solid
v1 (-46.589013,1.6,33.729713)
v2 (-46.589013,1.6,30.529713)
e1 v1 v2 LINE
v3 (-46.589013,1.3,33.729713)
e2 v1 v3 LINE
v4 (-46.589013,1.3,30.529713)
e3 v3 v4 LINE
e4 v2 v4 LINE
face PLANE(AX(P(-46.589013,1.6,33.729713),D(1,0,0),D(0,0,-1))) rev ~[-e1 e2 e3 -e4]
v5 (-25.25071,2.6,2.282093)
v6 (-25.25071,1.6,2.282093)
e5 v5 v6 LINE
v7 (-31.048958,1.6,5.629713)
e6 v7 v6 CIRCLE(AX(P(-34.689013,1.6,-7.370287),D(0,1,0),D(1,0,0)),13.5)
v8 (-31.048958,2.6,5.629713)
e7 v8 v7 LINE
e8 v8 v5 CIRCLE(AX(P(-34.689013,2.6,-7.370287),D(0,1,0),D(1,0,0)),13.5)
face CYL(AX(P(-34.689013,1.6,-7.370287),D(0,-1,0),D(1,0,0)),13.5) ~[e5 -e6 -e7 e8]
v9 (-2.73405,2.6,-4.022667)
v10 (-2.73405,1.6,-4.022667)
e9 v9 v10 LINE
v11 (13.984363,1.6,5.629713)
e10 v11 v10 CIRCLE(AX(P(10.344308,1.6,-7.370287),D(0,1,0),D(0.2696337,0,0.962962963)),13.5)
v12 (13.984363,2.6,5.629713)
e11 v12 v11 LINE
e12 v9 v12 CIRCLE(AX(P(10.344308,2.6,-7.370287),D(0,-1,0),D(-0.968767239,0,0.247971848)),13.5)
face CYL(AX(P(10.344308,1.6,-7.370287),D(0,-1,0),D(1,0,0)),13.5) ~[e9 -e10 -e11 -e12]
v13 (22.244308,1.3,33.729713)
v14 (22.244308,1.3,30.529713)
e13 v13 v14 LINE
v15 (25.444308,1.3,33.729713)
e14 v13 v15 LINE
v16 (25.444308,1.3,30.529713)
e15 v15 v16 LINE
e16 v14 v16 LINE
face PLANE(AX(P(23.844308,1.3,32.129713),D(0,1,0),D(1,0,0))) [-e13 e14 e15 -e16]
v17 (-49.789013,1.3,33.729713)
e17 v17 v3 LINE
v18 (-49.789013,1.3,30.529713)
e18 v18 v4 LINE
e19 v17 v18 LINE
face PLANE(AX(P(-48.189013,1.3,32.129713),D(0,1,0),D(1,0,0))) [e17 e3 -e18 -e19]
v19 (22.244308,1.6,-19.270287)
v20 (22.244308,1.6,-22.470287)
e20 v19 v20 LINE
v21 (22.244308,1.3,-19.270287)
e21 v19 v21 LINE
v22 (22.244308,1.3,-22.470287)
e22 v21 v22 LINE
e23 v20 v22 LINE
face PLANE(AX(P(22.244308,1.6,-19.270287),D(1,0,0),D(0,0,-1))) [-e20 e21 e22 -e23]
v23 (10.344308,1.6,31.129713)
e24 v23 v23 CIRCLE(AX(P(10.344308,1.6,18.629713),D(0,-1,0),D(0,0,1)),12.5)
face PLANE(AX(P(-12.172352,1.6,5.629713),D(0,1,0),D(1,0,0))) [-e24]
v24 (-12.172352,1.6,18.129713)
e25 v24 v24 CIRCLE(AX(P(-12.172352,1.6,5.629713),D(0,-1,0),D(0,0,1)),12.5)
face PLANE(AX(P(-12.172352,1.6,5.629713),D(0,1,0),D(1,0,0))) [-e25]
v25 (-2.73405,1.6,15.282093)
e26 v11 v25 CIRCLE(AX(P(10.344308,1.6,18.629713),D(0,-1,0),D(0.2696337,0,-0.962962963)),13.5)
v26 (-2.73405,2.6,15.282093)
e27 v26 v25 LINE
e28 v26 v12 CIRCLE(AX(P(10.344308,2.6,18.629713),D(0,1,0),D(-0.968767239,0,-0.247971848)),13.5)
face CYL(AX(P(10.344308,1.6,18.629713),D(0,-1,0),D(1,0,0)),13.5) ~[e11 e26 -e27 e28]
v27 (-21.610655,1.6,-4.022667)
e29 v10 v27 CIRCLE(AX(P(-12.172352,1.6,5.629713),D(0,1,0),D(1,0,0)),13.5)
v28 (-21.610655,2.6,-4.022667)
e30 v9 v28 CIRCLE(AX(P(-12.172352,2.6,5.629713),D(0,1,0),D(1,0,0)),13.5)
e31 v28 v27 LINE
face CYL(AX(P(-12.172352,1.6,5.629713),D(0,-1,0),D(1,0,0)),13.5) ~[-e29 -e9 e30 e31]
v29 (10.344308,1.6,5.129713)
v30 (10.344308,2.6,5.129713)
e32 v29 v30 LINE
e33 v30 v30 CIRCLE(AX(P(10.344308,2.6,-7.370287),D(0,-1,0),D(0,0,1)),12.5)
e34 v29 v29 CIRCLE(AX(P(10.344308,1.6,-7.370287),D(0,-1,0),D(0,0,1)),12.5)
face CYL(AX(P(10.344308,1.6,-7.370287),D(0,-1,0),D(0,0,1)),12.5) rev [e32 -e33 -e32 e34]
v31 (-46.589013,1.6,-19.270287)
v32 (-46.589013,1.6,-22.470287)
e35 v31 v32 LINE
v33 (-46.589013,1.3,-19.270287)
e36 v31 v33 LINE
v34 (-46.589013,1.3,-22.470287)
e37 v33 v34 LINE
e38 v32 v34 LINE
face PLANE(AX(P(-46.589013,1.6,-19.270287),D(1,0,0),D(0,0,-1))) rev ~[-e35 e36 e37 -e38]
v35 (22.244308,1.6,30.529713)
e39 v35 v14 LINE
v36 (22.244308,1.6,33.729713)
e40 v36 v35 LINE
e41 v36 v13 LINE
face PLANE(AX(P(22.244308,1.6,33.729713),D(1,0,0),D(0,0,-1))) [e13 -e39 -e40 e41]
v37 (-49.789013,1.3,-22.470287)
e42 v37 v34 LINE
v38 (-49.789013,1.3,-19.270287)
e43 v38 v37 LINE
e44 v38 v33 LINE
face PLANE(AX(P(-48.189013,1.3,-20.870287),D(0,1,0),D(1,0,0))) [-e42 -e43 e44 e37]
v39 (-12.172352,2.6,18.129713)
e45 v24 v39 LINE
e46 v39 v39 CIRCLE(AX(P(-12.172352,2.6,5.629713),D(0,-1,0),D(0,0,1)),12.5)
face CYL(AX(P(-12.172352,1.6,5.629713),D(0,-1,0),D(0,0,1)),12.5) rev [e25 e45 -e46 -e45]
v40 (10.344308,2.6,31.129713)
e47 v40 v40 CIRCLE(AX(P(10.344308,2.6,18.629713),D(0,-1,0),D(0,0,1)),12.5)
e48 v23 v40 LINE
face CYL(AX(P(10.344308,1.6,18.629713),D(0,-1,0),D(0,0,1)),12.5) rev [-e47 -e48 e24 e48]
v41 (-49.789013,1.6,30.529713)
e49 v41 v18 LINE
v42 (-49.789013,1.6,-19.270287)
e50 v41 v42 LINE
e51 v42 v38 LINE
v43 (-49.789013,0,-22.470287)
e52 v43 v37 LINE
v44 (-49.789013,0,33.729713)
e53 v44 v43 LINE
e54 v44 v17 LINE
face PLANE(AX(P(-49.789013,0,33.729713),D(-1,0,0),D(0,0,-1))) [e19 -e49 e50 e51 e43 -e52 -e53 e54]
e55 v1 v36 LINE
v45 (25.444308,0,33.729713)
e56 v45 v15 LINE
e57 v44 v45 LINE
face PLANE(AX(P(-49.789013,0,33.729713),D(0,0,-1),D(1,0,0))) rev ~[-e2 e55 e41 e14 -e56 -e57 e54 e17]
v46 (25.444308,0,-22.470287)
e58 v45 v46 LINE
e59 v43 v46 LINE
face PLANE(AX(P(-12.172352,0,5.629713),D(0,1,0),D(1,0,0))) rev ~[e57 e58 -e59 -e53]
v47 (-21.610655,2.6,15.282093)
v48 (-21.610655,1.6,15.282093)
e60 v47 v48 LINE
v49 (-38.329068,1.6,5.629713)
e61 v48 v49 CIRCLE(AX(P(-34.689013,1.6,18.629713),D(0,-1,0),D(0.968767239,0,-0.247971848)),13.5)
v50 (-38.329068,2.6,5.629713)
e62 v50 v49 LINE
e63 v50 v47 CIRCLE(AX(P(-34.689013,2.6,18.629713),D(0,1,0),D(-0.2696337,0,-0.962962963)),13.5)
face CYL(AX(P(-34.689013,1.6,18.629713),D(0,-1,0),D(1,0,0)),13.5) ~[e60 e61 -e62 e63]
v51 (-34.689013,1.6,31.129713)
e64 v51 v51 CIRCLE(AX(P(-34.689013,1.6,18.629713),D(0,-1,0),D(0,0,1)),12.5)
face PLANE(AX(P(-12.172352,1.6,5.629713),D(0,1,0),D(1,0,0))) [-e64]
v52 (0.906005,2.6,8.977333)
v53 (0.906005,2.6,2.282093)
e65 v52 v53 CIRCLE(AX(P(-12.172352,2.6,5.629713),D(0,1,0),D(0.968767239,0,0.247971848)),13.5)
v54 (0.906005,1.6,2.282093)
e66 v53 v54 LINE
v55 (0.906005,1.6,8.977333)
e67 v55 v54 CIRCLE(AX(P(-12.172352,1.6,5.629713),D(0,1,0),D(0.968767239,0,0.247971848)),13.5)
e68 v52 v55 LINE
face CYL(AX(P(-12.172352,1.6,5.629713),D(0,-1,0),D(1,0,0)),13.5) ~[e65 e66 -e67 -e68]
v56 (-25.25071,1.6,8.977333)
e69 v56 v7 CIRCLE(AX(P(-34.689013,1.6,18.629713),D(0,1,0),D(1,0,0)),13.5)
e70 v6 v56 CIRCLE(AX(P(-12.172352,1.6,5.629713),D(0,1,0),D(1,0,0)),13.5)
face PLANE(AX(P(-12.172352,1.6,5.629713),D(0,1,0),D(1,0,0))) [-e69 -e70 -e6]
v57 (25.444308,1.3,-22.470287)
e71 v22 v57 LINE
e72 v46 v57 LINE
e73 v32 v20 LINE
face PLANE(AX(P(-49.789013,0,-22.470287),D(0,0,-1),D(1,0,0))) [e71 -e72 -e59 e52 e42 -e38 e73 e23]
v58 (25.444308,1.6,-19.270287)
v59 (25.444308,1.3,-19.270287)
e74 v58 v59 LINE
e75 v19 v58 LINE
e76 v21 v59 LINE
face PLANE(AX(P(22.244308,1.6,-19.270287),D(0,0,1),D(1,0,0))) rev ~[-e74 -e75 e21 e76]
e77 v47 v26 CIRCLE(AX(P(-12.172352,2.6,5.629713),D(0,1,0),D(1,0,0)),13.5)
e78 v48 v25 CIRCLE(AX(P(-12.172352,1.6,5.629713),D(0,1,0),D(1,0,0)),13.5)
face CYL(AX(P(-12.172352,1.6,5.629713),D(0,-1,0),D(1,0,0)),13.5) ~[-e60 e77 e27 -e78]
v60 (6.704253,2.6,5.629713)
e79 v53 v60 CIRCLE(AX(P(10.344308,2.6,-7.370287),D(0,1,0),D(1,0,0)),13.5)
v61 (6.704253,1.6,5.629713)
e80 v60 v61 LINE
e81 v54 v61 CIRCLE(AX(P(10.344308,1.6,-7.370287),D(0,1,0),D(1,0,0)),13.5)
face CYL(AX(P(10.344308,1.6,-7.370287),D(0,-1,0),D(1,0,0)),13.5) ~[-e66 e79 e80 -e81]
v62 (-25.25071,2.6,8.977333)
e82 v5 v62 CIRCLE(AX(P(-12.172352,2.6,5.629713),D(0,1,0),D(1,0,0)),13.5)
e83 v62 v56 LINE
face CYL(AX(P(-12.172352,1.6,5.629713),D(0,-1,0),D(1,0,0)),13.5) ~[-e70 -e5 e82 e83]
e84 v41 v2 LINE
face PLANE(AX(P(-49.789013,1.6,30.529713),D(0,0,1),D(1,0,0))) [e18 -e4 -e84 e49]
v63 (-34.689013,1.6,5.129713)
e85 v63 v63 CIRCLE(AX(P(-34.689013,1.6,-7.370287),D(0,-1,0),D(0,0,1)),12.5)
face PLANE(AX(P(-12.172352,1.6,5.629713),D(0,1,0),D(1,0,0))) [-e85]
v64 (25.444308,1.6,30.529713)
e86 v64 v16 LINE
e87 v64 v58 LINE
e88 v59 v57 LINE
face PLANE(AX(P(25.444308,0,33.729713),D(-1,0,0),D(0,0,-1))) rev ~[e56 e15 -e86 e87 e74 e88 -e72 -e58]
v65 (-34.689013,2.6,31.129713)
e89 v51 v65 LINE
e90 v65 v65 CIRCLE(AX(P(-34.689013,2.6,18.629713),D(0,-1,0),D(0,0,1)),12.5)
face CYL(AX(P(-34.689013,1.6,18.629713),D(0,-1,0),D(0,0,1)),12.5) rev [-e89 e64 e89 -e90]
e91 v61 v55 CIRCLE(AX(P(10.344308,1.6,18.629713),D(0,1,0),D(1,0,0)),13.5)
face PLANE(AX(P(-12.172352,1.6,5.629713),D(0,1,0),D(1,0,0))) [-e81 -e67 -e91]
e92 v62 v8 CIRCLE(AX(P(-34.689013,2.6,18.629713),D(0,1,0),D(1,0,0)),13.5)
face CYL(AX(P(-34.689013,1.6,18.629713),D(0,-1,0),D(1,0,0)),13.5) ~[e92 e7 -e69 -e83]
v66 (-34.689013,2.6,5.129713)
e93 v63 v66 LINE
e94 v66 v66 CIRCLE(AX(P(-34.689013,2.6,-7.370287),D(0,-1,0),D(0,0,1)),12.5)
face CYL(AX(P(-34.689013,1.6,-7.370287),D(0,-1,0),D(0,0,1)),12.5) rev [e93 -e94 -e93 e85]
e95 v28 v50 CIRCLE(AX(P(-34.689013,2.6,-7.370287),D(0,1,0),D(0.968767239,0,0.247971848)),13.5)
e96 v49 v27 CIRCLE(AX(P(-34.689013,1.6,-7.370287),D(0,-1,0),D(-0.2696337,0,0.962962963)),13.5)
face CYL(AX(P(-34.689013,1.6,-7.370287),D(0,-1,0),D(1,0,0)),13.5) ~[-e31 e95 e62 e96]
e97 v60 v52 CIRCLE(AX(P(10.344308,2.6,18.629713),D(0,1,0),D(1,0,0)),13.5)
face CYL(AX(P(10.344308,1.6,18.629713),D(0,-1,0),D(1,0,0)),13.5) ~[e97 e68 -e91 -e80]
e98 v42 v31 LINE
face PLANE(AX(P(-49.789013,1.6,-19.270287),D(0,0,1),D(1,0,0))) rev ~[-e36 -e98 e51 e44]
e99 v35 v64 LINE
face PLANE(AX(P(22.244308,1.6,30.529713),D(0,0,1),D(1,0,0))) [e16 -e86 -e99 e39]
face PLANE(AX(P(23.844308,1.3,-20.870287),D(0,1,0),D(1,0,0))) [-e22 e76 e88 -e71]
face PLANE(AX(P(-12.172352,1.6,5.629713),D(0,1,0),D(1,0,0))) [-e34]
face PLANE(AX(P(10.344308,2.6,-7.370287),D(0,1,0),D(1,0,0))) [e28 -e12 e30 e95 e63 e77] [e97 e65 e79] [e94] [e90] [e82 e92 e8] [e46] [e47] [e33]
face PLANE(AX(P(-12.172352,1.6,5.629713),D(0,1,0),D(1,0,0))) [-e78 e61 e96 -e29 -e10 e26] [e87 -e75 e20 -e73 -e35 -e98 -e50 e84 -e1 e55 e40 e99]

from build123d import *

# Parameters (mm, degrees)
SKETCH1_W           = 75.233320997
SKETCH1_H           = 56.2
BOSS_EXTRUDE1_DEPTH = 1.6
SKETCH2_R           = 13.5
SKETCH2_R_2         = 12.5
BOSS_EXTRUDE2_DEPTH = 1
SKETCH3_W           = 3.2
SKETCH3_H           = 3.2
CUT_EXTRUDE1_DEPTH  = 0.3


with BuildPart() as part:
    # Sketch1 → Boss-Extrude1 (new body)
    with BuildSketch(Plane(origin=(0, 0, 0), x_dir=(1, 0, 0), z_dir=(0, 1, 0))):
        with Locations((-12.172352394, -5.629712982)):
            Rectangle(SKETCH1_W, SKETCH1_H)
    extrude(amount=BOSS_EXTRUDE1_DEPTH)

    # Sketch2 → Boss-Extrude2 (add)
    # profile 1 of 5: a face of its own
    with BuildSketch(Plane(origin=(0, 1.6, 0), x_dir=(1, 0, 0), z_dir=(0, 1, 0))):
        with Locations((10.344308105, 7.370287018)):
            Circle(SKETCH2_R)
        with Locations(Location((10.344308105, 7.370287018, 0), (0, 0, 270))):
            Circle(SKETCH2_R_2, mode=Mode.SUBTRACT)
    # profile 2 of 5: a face of its own
    with BuildSketch(Plane(origin=(0, 1.6, 0), x_dir=(1, 0, 0), z_dir=(0, 1, 0))):
        with Locations((10.344308105, -18.629712982)):
            Circle(SKETCH2_R)
        with Locations(Location((10.344308105, -18.629712982, 0), (0, 0, 270))):
            Circle(SKETCH2_R_2, mode=Mode.SUBTRACT)
    # profile 3 of 5: a face of its own
    with BuildSketch(Plane(origin=(0, 1.6, 0), x_dir=(1, 0, 0), z_dir=(0, 1, 0))):
        with Locations((-12.172352394, -5.629712982)):
            Circle(SKETCH2_R)
        with Locations(Location((-12.172352394, -5.629712982, 0), (0, 0, 270))):
            Circle(SKETCH2_R_2, mode=Mode.SUBTRACT)
    # profile 4 of 5: a face of its own
    with BuildSketch(Plane(origin=(0, 1.6, 0), x_dir=(1, 0, 0), z_dir=(0, 1, 0))):
        with Locations((-34.689012892, 7.370287018)):
            Circle(SKETCH2_R)
        with Locations(Location((-34.689012892, 7.370287018, 0), (0, 0, 270))):
            Circle(SKETCH2_R_2, mode=Mode.SUBTRACT)
    # profile 5 of 5: a face of its own
    with BuildSketch(Plane(origin=(0, 1.6, 0), x_dir=(1, 0, 0), z_dir=(0, 1, 0))):
        with Locations((-34.689012892, -18.629712982)):
            Circle(SKETCH2_R)
        with Locations(Location((-34.689012892, -18.629712982, 0), (0, 0, 270))):
            Circle(SKETCH2_R_2, mode=Mode.SUBTRACT)
    extrude(amount=BOSS_EXTRUDE2_DEPTH)

    # Sketch3 → Cut-Extrude1 (cut)
    with BuildSketch(Plane(origin=(0, 1.6, 0), x_dir=(1, 0, 0), z_dir=(0, 1, 0))):
        with Locations((-48.189012892, -32.129712982)):
            Rectangle(SKETCH3_W, SKETCH3_H)
        with Locations((23.844308105, -32.129712982)):
            Rectangle(SKETCH3_W, SKETCH3_H)
        with Locations((23.844308105, 20.870287018)):
            Rectangle(SKETCH3_W, SKETCH3_H)
        with Locations((-48.189012892, 20.870287018)):
            Rectangle(SKETCH3_W, SKETCH3_H)
    extrude(amount=-CUT_EXTRUDE1_DEPTH, mode=Mode.SUBTRACT)


solid = part.part
